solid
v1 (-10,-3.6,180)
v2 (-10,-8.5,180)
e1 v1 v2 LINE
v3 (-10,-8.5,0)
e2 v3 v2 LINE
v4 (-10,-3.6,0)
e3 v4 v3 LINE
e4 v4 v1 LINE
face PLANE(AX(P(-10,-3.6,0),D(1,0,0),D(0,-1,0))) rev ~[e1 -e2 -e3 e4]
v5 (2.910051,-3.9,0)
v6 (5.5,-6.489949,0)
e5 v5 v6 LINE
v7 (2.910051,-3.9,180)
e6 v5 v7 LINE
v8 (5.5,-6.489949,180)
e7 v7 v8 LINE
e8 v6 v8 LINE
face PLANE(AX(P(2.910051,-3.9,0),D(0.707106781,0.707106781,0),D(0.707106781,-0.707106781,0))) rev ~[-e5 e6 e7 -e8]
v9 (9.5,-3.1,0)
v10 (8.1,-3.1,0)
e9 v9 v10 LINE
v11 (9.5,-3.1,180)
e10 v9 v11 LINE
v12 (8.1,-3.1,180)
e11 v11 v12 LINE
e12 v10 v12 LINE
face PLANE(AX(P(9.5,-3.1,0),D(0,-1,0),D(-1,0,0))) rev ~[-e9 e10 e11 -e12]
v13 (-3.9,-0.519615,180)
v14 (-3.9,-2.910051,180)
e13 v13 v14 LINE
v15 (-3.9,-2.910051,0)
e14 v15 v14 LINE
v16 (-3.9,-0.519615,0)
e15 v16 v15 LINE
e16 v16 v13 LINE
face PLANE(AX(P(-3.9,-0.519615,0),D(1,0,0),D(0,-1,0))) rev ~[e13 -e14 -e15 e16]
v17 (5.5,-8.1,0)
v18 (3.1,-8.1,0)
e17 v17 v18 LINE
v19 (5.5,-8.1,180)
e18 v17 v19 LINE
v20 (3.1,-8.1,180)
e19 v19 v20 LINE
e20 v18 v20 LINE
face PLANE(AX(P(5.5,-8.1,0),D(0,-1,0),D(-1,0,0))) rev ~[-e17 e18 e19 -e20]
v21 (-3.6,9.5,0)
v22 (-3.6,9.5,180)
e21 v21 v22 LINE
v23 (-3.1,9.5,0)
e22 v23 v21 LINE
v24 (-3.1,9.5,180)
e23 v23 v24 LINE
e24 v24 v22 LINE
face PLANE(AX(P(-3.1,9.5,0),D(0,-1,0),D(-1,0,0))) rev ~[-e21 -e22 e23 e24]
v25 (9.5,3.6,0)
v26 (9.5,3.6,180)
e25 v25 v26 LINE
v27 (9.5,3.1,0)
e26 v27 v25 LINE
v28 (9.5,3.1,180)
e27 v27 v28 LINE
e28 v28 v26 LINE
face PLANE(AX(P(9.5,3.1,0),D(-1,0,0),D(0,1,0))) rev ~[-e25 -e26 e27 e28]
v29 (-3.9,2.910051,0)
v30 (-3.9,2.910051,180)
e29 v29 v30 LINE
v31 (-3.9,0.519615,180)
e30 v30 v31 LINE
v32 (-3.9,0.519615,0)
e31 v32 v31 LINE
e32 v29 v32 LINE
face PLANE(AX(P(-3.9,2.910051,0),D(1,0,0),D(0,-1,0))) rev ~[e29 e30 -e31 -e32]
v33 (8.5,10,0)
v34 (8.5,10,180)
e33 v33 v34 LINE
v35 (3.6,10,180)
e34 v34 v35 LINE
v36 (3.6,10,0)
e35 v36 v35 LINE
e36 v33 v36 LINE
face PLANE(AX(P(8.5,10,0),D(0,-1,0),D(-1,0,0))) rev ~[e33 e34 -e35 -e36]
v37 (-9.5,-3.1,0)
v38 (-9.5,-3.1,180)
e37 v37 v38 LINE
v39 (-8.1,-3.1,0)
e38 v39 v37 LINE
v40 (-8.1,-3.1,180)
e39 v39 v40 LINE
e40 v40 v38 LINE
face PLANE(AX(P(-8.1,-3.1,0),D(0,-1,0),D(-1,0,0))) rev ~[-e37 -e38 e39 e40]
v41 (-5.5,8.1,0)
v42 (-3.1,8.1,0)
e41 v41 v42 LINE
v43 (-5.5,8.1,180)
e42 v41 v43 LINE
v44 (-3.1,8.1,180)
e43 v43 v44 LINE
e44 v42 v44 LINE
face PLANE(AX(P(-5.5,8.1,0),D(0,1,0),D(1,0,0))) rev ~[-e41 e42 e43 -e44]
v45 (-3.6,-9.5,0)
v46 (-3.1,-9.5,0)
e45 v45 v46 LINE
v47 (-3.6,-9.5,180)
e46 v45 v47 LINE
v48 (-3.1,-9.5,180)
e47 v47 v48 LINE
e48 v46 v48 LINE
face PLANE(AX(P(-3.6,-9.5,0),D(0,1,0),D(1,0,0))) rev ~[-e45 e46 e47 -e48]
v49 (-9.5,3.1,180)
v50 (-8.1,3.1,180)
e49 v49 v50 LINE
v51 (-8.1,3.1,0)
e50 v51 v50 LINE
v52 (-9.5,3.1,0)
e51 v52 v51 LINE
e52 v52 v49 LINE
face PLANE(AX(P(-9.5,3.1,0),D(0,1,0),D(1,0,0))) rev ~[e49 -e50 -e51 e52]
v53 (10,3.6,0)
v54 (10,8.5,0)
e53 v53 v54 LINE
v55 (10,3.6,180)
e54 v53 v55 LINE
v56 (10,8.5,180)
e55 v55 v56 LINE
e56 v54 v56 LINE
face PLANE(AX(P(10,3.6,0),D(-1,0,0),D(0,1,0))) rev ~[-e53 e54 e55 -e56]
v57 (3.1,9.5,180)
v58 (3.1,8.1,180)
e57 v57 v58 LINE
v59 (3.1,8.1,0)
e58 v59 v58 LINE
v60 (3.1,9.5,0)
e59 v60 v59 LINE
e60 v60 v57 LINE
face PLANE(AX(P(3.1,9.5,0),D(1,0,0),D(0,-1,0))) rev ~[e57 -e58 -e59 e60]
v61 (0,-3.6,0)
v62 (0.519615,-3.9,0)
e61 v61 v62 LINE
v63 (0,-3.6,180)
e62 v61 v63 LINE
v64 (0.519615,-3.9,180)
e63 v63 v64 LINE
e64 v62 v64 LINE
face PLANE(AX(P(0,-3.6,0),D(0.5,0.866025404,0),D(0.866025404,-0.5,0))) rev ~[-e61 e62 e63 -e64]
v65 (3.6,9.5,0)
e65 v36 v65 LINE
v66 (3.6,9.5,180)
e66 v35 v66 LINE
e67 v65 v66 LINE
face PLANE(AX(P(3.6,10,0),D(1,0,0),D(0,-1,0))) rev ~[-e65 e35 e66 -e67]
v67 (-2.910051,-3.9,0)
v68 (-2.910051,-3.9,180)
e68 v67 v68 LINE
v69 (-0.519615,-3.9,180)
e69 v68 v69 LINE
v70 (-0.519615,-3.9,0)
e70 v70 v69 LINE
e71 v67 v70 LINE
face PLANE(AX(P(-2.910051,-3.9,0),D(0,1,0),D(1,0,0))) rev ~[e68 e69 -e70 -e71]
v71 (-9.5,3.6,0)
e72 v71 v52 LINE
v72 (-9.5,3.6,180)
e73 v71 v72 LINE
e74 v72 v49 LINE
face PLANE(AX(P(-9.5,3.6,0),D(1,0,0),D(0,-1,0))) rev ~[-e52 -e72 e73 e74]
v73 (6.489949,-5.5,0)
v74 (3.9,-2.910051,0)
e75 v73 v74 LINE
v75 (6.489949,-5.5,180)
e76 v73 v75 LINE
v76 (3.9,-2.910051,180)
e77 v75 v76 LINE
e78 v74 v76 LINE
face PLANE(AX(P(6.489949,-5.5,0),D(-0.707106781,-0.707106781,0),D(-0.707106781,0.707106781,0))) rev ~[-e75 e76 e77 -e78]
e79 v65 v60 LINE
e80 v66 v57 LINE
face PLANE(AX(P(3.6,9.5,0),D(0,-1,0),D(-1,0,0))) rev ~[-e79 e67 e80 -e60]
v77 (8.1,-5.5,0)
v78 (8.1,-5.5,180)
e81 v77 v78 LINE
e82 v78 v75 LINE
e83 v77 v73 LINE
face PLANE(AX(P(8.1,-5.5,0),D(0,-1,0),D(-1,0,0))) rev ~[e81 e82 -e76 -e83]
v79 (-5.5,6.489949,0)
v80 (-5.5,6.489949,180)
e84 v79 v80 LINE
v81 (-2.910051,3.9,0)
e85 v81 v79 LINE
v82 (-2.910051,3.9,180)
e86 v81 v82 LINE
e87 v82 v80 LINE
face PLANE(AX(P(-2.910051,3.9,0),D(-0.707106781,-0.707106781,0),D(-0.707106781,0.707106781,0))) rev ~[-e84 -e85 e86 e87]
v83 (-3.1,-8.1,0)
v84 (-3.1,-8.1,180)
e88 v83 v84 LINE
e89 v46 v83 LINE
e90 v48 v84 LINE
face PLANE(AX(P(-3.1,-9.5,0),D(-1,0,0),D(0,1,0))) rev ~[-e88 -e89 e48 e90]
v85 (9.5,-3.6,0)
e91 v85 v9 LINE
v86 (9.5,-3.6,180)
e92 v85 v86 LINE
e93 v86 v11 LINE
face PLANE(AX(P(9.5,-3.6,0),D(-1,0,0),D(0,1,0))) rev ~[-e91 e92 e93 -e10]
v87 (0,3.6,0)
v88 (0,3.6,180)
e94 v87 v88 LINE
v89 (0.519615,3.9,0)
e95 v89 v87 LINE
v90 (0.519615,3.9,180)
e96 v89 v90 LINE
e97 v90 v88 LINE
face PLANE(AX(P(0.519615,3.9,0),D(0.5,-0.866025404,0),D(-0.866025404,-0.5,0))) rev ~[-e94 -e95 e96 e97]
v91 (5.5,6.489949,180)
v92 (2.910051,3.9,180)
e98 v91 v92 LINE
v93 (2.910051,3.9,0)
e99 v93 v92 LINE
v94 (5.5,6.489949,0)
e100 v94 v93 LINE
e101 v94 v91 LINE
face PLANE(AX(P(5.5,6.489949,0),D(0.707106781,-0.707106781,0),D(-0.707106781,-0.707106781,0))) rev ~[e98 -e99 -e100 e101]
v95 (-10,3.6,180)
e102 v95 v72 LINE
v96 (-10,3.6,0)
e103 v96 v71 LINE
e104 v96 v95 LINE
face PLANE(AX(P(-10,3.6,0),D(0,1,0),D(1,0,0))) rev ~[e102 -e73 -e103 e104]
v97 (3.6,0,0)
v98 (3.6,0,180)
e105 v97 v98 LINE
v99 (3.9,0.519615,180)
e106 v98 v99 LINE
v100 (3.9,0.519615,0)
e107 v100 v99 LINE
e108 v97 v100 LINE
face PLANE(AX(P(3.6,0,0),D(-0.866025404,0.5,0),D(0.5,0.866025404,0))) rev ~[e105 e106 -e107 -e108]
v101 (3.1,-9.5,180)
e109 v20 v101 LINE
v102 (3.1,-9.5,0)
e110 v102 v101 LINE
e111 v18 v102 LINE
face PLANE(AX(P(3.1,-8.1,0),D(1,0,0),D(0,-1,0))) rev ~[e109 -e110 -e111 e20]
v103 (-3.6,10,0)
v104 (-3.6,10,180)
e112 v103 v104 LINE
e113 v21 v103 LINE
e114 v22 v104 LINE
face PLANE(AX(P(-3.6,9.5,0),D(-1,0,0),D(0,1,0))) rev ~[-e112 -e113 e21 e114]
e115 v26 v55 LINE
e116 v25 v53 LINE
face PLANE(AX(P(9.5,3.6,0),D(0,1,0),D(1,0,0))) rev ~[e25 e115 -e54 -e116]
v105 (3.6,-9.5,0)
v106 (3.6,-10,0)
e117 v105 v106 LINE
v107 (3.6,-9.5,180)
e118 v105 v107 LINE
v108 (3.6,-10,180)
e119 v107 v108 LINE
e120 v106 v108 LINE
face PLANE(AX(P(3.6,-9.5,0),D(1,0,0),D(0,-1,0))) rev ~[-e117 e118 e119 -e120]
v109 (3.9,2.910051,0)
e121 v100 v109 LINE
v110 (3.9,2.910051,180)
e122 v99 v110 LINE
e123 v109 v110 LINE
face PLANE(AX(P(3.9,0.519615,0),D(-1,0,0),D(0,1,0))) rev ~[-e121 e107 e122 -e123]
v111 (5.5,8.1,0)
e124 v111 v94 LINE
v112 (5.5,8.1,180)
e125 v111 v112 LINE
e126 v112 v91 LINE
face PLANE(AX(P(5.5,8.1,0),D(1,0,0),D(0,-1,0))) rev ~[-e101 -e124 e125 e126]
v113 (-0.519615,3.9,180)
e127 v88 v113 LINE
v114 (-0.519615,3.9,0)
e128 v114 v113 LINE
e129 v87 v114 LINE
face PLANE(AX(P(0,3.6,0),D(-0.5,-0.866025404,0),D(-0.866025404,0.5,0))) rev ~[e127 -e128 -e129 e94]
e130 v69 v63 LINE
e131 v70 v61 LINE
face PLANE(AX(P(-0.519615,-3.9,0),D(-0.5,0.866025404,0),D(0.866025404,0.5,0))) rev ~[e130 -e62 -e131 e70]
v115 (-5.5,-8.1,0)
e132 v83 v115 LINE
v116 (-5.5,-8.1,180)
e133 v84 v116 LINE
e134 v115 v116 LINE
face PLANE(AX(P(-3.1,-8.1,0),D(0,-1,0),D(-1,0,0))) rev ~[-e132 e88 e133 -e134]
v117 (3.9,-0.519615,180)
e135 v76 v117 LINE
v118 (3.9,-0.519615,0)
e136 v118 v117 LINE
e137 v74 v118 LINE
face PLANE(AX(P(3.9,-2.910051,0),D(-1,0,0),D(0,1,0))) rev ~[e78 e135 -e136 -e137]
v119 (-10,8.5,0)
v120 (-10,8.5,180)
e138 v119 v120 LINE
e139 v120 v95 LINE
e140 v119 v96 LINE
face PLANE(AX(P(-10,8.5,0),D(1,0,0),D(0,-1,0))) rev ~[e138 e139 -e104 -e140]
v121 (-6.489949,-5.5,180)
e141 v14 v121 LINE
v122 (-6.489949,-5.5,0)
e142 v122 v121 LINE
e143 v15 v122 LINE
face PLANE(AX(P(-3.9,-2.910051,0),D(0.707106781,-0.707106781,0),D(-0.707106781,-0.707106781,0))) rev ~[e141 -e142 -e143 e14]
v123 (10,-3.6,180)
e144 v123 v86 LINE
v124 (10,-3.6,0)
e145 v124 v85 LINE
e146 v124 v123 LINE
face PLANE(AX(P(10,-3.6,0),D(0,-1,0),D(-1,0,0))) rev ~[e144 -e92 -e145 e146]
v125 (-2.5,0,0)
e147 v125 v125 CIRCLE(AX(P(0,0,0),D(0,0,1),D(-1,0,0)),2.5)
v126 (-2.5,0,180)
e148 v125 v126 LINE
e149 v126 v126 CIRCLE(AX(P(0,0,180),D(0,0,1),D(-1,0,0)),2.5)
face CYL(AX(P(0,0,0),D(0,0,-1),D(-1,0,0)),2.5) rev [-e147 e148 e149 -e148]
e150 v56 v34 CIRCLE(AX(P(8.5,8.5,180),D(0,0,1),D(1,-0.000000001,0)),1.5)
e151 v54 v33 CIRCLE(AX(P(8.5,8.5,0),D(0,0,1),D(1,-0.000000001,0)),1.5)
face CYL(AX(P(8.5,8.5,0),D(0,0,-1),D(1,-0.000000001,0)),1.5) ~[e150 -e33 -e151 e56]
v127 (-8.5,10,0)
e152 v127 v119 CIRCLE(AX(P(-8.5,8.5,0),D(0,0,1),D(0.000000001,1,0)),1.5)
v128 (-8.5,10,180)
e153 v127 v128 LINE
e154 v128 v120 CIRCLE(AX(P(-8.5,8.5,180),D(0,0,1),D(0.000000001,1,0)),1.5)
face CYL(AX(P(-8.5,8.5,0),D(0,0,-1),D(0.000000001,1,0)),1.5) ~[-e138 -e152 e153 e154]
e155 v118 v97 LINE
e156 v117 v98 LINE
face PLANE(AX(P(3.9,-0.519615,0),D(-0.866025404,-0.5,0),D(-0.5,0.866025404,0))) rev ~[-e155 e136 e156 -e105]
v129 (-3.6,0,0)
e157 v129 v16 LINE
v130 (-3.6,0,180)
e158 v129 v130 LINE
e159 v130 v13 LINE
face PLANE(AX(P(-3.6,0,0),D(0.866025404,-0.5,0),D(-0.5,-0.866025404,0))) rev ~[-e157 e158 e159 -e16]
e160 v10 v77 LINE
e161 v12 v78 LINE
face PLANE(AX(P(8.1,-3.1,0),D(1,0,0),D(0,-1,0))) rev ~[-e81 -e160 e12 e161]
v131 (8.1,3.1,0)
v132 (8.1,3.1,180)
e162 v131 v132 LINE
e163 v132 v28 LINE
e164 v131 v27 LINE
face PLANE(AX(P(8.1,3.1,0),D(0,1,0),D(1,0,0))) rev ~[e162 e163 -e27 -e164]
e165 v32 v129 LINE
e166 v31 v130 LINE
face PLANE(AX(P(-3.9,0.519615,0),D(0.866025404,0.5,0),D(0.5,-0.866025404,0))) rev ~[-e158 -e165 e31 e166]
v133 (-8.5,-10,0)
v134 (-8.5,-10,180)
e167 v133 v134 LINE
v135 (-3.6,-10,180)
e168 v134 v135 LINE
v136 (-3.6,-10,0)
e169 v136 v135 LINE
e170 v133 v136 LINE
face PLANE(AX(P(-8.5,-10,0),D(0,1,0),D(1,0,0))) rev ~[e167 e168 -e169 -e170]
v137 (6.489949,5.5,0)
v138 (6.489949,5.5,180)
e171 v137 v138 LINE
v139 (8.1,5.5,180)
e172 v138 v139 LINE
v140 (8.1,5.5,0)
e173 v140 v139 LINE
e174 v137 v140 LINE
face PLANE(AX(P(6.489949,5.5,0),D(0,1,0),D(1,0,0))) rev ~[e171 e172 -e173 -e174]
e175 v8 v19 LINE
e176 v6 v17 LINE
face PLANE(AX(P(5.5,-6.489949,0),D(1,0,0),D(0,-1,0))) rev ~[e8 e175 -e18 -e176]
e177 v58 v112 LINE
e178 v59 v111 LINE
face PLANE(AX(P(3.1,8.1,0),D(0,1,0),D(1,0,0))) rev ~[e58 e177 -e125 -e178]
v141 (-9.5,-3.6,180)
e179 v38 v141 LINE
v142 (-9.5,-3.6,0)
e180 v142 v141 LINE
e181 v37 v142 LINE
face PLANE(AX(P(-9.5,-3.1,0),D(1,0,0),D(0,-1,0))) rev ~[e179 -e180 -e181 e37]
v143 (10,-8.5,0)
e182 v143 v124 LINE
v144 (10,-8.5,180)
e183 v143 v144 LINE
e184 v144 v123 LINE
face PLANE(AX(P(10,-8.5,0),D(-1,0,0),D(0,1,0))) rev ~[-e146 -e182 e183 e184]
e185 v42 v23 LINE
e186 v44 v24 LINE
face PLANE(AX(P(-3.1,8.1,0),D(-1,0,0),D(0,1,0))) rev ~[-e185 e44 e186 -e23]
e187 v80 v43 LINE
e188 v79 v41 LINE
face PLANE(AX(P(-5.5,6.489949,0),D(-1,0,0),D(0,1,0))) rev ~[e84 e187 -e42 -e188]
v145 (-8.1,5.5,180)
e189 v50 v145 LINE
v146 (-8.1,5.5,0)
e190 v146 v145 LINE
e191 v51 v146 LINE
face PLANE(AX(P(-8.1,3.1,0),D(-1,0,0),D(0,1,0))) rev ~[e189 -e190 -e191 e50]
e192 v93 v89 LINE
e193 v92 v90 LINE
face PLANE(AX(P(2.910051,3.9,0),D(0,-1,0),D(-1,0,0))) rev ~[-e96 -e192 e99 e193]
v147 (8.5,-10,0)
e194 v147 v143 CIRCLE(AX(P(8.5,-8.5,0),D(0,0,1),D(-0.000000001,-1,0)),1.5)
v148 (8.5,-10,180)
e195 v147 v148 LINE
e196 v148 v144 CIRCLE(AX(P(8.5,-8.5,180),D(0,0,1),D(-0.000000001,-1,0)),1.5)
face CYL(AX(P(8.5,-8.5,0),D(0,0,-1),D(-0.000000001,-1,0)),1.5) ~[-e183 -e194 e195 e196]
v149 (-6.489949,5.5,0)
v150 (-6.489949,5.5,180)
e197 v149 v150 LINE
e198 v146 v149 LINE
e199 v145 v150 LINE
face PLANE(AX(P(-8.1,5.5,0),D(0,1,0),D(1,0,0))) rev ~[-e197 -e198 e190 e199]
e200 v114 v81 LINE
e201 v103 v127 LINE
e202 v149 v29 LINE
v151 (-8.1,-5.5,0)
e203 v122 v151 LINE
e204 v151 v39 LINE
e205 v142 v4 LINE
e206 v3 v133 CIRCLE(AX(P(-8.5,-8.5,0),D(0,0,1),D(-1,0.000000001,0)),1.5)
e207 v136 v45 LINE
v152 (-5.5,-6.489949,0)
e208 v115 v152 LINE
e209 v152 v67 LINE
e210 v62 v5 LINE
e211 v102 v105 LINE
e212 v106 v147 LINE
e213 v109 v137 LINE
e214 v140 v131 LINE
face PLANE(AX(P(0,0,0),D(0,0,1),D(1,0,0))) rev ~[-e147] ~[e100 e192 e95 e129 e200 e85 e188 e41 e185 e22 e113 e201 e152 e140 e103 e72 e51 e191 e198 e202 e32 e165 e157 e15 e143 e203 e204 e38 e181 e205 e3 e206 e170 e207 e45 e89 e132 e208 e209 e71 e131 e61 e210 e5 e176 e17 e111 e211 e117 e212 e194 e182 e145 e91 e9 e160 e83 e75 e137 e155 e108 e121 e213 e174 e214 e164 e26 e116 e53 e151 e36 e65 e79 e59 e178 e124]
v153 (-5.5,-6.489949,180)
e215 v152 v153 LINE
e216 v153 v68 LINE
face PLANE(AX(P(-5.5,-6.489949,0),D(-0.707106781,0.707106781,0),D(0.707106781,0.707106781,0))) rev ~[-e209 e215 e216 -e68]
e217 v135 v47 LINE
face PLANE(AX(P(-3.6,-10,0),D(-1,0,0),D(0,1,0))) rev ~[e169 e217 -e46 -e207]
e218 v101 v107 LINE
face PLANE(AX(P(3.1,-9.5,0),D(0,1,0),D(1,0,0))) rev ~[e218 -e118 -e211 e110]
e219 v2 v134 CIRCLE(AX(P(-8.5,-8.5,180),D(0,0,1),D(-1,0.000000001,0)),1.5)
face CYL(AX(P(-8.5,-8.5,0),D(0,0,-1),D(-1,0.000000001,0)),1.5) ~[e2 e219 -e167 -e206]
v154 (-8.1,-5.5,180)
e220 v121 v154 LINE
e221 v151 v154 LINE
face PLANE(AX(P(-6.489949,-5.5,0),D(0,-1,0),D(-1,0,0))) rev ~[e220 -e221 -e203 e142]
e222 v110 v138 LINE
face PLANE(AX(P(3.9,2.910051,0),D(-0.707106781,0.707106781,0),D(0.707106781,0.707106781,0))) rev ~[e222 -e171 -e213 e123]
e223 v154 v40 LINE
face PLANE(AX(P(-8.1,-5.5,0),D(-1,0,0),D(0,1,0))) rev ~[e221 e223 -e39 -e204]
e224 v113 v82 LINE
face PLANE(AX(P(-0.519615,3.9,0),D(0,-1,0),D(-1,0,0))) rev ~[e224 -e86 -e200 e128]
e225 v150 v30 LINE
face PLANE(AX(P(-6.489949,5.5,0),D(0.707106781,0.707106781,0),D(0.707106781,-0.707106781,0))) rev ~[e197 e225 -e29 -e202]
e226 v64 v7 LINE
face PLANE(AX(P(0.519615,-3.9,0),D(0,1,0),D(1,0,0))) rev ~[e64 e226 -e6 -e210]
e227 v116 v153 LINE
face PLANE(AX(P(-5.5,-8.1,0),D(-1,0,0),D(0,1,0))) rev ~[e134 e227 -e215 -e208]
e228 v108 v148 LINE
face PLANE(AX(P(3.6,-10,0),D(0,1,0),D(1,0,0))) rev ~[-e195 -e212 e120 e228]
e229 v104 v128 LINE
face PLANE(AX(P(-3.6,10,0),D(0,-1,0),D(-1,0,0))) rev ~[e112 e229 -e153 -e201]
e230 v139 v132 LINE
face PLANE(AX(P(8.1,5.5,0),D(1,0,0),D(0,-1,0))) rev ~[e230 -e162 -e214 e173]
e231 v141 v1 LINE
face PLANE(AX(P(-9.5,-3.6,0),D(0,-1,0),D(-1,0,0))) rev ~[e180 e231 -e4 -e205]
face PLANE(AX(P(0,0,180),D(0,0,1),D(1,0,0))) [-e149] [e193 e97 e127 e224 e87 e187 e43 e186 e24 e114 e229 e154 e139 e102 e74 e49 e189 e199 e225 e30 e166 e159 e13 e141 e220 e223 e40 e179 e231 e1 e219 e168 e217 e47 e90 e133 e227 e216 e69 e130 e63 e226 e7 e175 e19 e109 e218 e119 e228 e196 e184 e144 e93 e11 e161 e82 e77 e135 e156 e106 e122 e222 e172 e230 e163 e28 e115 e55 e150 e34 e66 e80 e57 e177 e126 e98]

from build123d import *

# Parameters (mm, degrees)
SKETCH_28_R     = 2.5
EXTRUDE_1_DEPTH = 180


with BuildPart() as part:
    # 草图28 → 凸台-拉伸1 (new body)
    with BuildSketch(Plane.XY):
        with BuildLine():
            Line((-3.9, -0.519615242), (-3.9, -2.910050506))
            Line((-3.9, -2.910050506), (-6.489949494, -5.5))
            Line((-6.489949494, -5.5), (-8.1, -5.5))
            Line((-8.1, -5.5), (-8.1, -3.1))
            Line((-8.1, -3.1), (-9.5, -3.1))
            Line((-9.5, -3.1), (-9.5, -3.6))
            Line((-9.5, -3.6), (-10, -3.6))
            Line((-10, -3.6), (-10, -8.5))
            ThreePointArc((-10, -8.5), (-9.560660172, -9.560660172), (-8.5, -10))
            Line((-8.5, -10), (-3.6, -10))
            Line((-3.6, -10), (-3.6, -9.5))
            Line((-3.6, -9.5), (-3.1, -9.5))
            Line((-3.1, -9.5), (-3.1, -8.1))
            Line((-3.1, -8.1), (-5.5, -8.1))
            Line((-5.5, -8.1), (-5.5, -6.489949494))
            Line((-5.5, -6.489949494), (-2.910050506, -3.9))
            Line((-2.910050506, -3.9), (-0.519615242, -3.9))
            Line((-0.519615242, -3.9), (0, -3.6))
            Line((0, -3.6), (0.519615242, -3.9))
            Line((0.519615242, -3.9), (2.910050506, -3.9))
            Line((2.910050506, -3.9), (5.5, -6.489949494))
            Line((5.5, -6.489949494), (5.5, -8.1))
            Line((5.5, -8.1), (3.1, -8.1))
            Line((3.1, -8.1), (3.1, -9.5))
            Line((3.1, -9.5), (3.6, -9.5))
            Line((3.6, -9.5), (3.6, -10))
            Line((3.6, -10), (8.5, -10))
            ThreePointArc((8.5, -10), (9.560660172, -9.560660172), (10, -8.5))
            Line((10, -8.5), (10, -3.6))
            Line((10, -3.6), (9.5, -3.6))
            Line((9.5, -3.6), (9.5, -3.1))
            Line((9.5, -3.1), (8.1, -3.1))
            Line((8.1, -3.1), (8.1, -5.5))
            Line((8.1, -5.5), (6.489949494, -5.5))
            Line((6.489949494, -5.5), (3.9, -2.910050506))
            Line((3.9, -2.910050506), (3.9, -0.519615242))
            Line((3.9, -0.519615242), (3.6, 0))
            Line((3.6, 0), (3.9, 0.519615242))
            Line((3.9, 0.519615242), (3.9, 2.910050506))
            Line((3.9, 2.910050506), (6.489949494, 5.5))
            Line((6.489949494, 5.5), (8.1, 5.5))
            Line((8.1, 5.5), (8.1, 3.1))
            Line((8.1, 3.1), (9.5, 3.1))
            Line((9.5, 3.1), (9.5, 3.6))
            Line((9.5, 3.6), (10, 3.6))
            Line((10, 3.6), (10, 8.5))
            ThreePointArc((10, 8.5), (9.560660172, 9.560660172), (8.5, 10))
            Line((8.5, 10), (3.6, 10))
            Line((3.6, 10), (3.6, 9.5))
            Line((3.6, 9.5), (3.1, 9.5))
            Line((3.1, 9.5), (3.1, 8.1))
            Line((3.1, 8.1), (5.5, 8.1))
            Line((5.5, 8.1), (5.5, 6.489949494))
            Line((5.5, 6.489949494), (2.910050506, 3.9))
            Line((2.910050506, 3.9), (0.519615242, 3.9))
            Line((0.519615242, 3.9), (0, 3.6))
            Line((0, 3.6), (-0.519615242, 3.9))
            Line((-0.519615242, 3.9), (-2.910050506, 3.9))
            Line((-2.910050506, 3.9), (-5.5, 6.489949494))
            Line((-5.5, 6.489949494), (-5.5, 8.1))
            Line((-5.5, 8.1), (-3.1, 8.1))
            Line((-3.1, 8.1), (-3.1, 9.5))
            Line((-3.1, 9.5), (-3.6, 9.5))
            Line((-3.6, 9.5), (-3.6, 10))
            Line((-3.6, 10), (-8.5, 10))
            ThreePointArc((-8.5, 10), (-9.560660172, 9.560660172), (-10, 8.5))
            Line((-10, 8.5), (-10, 3.6))
            Line((-10, 3.6), (-9.5, 3.6))
            Line((-9.5, 3.6), (-9.5, 3.1))
            Line((-9.5, 3.1), (-8.1, 3.1))
            Line((-8.1, 3.1), (-8.1, 5.5))
            Line((-8.1, 5.5), (-6.489949494, 5.5))
            Line((-6.489949494, 5.5), (-3.9, 2.910050506))
            Line((-3.9, 2.910050506), (-3.9, 0.519615242))
            Line((-3.9, 0.519615242), (-3.6, 0))
            Line((-3.6, 0), (-3.9, -0.519615242))
        make_face()
        with Locations(Location((0, 0, 0), (0, 0, 180))):
            Circle(SKETCH_28_R, mode=Mode.SUBTRACT)
    extrude(amount=EXTRUDE_1_DEPTH)


solid = part.part
